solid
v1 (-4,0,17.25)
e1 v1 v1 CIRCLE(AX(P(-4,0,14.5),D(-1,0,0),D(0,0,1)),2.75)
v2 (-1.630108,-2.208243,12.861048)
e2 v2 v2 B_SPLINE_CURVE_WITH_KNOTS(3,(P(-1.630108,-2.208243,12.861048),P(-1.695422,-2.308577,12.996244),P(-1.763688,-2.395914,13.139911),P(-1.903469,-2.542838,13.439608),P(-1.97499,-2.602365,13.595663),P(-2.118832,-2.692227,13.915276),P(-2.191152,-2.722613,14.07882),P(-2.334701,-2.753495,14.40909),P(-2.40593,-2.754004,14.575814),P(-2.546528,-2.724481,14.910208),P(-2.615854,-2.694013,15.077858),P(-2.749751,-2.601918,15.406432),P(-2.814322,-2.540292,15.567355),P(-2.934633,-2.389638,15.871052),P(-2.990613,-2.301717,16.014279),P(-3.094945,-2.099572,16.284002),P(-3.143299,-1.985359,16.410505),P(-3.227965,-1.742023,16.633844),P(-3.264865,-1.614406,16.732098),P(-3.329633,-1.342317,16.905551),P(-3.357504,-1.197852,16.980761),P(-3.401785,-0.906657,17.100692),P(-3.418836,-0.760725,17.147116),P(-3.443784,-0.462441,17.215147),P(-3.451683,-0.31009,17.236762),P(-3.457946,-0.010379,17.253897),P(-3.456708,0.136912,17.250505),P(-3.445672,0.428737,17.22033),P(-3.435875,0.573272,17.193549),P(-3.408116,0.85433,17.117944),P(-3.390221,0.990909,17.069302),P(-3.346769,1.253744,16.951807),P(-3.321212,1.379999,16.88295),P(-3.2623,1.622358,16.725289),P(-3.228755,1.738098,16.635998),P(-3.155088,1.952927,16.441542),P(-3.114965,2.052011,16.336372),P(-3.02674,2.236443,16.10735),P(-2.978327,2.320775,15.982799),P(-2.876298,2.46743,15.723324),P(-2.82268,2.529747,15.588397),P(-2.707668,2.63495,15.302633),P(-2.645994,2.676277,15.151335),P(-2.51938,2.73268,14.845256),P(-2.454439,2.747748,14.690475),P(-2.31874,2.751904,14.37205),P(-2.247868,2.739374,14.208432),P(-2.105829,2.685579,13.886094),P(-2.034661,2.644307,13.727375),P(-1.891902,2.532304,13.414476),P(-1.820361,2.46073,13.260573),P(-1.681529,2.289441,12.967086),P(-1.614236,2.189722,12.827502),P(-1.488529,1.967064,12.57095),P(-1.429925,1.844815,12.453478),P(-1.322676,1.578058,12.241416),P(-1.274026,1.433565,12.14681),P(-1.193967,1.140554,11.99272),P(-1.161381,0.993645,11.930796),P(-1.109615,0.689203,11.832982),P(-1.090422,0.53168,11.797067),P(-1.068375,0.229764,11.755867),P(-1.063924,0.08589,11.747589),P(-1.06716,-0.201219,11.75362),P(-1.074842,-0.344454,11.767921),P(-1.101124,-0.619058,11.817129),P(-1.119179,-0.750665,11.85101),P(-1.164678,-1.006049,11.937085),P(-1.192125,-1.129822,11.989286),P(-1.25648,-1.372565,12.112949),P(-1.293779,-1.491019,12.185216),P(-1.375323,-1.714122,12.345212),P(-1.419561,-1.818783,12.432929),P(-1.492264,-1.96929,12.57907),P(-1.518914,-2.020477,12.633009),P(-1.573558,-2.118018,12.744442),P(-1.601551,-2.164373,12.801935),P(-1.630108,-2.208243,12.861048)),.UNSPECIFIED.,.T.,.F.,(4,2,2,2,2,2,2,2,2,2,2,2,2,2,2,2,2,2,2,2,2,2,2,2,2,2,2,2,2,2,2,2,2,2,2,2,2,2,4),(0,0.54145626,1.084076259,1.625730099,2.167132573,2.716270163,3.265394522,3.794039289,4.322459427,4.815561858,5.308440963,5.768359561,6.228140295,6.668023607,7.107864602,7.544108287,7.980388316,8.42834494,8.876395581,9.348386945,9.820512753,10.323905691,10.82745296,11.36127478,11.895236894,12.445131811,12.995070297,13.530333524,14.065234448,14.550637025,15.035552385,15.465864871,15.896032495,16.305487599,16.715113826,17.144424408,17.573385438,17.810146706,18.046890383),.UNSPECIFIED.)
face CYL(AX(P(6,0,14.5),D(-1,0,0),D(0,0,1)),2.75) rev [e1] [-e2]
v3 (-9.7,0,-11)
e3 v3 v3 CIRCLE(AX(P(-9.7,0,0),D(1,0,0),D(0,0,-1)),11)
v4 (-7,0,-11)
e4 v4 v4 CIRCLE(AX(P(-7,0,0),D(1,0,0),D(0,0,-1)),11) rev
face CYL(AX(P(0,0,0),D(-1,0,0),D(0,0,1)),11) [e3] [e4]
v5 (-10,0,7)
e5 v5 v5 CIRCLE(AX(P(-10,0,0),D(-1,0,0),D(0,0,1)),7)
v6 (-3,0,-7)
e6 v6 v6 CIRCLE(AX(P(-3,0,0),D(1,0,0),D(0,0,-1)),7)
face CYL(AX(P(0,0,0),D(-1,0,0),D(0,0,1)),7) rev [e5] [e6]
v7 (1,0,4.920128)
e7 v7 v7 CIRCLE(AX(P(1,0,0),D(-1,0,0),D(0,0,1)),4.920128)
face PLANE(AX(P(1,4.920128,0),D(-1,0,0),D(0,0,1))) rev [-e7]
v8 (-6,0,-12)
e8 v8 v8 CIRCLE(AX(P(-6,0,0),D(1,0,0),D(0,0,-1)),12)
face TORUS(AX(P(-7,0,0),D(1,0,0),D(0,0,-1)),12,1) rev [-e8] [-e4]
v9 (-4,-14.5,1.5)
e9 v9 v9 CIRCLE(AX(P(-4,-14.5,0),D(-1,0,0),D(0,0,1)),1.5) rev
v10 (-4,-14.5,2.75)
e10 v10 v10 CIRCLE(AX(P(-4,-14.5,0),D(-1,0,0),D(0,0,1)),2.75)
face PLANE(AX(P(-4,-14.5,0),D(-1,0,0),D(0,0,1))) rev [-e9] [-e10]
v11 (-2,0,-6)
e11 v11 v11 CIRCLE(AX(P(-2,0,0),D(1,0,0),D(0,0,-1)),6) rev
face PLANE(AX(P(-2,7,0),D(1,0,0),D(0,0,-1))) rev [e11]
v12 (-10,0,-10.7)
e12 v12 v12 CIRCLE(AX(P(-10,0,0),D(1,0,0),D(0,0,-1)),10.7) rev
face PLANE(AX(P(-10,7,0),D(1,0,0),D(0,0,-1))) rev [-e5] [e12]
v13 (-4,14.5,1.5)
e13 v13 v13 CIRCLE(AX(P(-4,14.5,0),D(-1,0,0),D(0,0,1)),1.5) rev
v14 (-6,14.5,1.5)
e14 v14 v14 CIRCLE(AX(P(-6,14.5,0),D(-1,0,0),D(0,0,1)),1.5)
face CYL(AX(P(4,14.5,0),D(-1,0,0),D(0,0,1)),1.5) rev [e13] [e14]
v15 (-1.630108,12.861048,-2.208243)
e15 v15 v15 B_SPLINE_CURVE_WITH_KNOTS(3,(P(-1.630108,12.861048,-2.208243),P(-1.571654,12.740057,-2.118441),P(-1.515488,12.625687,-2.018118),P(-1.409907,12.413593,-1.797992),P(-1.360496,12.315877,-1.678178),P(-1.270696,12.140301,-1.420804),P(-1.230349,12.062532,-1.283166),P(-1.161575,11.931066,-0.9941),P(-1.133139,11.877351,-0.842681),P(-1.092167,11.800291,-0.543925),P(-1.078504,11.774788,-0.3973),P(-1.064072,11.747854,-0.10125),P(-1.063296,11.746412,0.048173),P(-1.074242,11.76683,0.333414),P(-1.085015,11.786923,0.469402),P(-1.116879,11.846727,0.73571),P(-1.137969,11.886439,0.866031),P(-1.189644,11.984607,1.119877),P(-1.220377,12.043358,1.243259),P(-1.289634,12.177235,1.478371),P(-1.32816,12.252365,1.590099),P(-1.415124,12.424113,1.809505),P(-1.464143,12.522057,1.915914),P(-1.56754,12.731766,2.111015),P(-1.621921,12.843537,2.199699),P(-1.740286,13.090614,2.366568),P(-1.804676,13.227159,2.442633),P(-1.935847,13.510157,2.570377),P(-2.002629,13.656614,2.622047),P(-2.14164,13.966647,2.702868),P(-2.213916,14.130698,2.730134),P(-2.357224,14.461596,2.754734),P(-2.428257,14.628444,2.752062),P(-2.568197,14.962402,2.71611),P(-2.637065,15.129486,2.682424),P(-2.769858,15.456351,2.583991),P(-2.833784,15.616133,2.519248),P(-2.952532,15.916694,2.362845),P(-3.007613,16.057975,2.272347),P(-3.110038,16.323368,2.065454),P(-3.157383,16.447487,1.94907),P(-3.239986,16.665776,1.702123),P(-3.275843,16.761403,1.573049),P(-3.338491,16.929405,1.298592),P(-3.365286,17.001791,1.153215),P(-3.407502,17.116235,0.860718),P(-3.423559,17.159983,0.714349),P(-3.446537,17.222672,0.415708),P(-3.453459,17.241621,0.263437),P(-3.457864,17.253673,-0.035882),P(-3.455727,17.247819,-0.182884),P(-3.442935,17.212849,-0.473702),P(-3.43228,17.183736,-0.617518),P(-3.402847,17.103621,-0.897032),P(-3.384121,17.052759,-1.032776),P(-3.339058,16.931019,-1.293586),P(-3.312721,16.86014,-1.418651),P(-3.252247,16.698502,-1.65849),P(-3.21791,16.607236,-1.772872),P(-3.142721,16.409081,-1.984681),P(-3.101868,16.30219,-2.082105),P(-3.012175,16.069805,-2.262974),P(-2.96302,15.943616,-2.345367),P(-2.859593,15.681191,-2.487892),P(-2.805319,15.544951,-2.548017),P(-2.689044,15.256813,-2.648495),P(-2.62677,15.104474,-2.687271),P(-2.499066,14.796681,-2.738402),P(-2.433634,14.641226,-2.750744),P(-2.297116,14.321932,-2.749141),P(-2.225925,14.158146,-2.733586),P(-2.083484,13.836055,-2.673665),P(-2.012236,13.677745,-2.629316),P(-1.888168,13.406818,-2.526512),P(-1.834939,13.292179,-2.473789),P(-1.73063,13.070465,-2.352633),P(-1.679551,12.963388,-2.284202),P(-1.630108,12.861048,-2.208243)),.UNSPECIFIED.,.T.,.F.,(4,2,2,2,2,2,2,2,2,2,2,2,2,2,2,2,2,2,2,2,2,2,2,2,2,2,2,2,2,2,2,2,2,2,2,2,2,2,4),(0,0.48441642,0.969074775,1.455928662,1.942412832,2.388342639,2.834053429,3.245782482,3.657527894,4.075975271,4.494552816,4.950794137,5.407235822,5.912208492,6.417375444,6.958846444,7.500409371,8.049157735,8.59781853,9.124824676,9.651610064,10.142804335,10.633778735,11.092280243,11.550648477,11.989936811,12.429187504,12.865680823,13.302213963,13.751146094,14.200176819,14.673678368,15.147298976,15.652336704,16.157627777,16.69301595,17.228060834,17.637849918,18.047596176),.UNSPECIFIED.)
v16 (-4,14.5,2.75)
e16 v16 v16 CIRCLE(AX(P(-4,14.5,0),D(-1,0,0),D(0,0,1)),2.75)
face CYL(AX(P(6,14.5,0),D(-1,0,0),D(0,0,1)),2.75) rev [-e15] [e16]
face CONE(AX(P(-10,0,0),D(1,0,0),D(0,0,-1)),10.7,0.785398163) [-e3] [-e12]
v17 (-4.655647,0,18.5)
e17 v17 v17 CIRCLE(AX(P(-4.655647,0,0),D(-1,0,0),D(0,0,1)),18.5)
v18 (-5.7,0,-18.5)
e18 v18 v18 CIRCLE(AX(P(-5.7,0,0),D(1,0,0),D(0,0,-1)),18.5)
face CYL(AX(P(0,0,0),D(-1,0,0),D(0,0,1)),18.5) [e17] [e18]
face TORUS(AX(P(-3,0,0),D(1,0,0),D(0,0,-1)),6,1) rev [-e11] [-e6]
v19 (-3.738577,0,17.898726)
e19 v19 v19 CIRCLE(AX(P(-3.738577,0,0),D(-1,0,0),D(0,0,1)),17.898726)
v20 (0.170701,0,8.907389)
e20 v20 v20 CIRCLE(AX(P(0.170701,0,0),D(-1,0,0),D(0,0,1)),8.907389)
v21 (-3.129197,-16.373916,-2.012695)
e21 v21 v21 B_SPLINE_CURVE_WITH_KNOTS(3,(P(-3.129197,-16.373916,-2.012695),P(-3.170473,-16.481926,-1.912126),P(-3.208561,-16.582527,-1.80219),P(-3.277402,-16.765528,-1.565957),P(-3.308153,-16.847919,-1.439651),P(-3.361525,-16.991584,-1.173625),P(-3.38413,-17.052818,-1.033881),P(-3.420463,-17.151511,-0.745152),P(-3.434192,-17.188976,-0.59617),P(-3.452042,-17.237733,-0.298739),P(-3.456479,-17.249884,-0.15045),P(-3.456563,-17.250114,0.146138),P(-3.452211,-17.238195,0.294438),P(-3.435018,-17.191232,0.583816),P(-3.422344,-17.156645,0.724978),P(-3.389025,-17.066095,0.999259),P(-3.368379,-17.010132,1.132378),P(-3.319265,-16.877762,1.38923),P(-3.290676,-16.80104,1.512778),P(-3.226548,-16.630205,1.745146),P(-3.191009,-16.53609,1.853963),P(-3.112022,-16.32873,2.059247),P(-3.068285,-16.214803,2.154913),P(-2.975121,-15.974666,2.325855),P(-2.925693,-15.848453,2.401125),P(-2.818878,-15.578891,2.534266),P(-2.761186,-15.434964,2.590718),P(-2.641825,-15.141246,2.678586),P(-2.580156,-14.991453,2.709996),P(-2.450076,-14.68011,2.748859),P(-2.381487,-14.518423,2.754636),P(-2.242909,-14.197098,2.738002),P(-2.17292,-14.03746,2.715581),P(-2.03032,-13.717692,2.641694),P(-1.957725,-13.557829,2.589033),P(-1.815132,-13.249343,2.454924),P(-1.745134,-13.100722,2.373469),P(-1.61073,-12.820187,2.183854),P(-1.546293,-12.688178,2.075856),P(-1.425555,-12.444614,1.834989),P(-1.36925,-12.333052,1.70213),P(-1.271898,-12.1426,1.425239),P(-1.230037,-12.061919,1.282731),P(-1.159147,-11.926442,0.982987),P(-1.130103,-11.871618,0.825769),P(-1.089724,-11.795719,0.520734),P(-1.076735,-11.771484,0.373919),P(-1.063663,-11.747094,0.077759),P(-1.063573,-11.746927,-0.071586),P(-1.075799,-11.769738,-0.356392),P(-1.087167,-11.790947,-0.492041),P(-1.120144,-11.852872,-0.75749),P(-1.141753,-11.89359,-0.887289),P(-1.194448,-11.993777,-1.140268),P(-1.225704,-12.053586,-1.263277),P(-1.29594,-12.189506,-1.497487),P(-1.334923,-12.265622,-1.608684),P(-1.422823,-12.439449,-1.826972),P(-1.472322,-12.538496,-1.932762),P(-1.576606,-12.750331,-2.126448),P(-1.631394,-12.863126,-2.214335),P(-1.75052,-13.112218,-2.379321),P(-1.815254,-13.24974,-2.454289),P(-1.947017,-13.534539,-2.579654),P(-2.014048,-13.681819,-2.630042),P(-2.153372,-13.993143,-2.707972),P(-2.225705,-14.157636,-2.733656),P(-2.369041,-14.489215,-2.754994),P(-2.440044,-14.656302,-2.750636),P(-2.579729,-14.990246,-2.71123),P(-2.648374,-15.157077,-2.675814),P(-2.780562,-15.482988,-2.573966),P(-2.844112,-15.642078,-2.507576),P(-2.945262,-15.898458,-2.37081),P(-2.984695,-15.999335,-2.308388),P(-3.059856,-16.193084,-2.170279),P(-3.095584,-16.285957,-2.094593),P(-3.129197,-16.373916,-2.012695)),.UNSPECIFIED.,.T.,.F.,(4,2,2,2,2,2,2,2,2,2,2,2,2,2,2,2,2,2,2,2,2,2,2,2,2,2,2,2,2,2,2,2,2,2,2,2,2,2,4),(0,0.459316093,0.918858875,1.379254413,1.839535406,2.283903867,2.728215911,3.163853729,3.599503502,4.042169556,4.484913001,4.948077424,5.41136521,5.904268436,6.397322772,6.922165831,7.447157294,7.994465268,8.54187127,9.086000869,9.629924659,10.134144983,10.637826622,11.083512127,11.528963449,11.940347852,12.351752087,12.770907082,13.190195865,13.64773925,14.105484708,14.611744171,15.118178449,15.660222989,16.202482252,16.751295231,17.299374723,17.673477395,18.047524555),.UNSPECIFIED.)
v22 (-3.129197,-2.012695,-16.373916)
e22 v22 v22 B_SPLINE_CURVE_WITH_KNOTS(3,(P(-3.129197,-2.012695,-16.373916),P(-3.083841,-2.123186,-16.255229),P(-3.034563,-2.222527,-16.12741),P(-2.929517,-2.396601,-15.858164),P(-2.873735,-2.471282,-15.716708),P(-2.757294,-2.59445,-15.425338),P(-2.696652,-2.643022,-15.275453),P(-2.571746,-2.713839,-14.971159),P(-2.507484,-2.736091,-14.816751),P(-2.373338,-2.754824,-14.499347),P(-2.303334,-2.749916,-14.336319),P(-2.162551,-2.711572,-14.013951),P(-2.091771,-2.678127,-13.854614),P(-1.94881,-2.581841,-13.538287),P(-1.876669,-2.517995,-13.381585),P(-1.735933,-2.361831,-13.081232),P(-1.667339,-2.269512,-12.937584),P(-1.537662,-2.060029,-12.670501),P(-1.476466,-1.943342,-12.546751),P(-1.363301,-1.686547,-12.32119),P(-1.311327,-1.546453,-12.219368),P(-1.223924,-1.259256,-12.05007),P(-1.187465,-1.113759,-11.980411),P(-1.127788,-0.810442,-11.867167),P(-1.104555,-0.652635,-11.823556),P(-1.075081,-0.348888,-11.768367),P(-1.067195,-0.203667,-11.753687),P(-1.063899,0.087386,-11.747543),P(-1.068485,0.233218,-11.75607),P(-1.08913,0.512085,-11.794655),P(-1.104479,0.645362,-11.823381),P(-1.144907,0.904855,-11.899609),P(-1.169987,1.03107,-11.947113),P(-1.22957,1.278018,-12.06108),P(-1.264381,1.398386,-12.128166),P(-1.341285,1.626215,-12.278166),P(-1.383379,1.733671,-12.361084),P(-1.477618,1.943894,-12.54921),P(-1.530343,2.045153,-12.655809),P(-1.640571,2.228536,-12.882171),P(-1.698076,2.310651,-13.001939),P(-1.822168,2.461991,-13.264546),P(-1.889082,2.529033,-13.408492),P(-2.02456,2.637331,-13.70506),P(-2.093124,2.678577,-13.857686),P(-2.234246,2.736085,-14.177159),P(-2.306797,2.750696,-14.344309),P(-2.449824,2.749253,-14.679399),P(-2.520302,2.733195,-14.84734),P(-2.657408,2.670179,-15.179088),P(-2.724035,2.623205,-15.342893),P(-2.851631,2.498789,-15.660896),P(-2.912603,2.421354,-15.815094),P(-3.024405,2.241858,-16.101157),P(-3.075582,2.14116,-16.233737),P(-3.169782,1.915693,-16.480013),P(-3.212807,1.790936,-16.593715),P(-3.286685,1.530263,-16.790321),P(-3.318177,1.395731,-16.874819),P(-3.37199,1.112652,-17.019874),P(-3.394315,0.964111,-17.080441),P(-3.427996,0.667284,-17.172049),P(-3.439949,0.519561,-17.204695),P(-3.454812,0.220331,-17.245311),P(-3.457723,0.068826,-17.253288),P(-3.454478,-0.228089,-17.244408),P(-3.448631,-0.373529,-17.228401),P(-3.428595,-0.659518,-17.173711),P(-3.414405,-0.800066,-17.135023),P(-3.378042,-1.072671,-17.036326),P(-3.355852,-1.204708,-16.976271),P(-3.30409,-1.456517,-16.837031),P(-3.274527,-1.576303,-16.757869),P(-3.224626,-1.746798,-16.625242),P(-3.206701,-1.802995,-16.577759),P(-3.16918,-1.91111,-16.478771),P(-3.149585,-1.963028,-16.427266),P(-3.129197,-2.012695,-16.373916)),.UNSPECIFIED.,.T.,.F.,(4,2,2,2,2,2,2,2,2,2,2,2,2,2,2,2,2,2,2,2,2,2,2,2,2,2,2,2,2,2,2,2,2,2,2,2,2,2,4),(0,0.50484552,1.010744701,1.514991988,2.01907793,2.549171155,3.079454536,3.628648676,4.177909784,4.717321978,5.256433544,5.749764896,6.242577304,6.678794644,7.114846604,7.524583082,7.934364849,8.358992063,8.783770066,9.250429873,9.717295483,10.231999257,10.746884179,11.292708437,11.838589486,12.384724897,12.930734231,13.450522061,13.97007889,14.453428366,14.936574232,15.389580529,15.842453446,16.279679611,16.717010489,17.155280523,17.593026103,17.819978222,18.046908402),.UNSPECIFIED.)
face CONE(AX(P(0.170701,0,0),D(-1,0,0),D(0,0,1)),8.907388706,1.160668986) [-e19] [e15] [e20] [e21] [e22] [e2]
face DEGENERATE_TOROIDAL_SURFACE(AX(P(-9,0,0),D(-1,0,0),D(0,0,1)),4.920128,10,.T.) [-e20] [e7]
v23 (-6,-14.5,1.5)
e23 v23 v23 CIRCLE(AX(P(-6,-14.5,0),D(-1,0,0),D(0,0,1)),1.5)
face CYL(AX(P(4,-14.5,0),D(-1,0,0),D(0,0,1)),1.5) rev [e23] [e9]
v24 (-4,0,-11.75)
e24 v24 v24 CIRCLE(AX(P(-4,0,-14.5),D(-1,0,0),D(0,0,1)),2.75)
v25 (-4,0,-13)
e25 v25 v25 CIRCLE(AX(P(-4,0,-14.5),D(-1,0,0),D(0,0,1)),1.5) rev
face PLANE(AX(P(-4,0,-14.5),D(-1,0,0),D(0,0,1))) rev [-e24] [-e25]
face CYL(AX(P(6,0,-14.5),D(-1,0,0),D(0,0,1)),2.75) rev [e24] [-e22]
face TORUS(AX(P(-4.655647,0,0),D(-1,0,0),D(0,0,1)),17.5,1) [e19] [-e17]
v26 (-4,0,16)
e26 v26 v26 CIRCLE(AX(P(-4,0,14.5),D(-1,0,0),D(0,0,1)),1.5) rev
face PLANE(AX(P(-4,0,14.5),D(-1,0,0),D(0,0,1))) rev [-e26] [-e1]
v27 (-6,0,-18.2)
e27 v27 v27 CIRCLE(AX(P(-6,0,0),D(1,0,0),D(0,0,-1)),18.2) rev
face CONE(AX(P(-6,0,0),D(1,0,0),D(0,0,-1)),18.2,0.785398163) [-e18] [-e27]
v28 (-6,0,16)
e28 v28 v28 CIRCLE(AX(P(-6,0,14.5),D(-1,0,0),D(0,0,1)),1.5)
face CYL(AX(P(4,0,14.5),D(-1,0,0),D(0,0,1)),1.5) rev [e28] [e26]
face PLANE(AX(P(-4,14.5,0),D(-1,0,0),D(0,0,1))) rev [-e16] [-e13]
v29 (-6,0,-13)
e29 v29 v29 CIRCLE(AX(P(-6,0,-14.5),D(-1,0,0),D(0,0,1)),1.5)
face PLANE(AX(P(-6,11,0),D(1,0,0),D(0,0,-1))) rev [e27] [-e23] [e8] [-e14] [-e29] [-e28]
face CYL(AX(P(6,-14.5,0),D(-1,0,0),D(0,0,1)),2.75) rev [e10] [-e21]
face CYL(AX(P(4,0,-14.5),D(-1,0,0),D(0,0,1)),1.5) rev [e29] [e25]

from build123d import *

# Parameters (mm, degrees)
FILLET2_R          = 1
CHAMFER1_SIZE      = 0.3
SKETCH2_R          = 1.5
CUT_EXTRUDE1_DEPTH = 10
SKETCH3_R          = 2.75
CUT_EXTRUDE2_DEPTH = 10


with BuildPart() as part:
    # Sketch1 → Revolve1 (revolve)
    with BuildSketch(Plane.XY, mode=Mode.PRIVATE) as revolve1_sk:
        with BuildLine():
            Line((-10, 7), (-10, 11))
            Line((-10, 11), (-6, 11))
            Line((-6, 11), (-6, 18.5))
            Line((-6, 18.5), (-4.655646626, 18.5))
            ThreePointArc((-4.655646626, 18.5), (-4.107342929, 18.336279293), (-3.73857657, 17.898726111))
            Line((-3.73857657, 17.898726111), (0.170700563, 8.907388706))
            ThreePointArc((0.170700563, 8.907388706), (0.790480214, 6.956422558), (1, 4.920127592))
            Line((1, 4.920127592), (1, 0))
            Line((1, 0), (-2, 0))
            Line((-2, 0), (-2, 7))
            Line((-2, 7), (-10, 7))
        make_face()
    revolve(revolve1_sk.sketch.rotate(Axis((0, 0, 0), (1, 0, 0)), 90), axis=Axis((0, 0, 0), (1, 0, 0)))

    # Fillet2
    fillet2_edges = [part.edges().sort_by_distance(p)[0] for p in [
        (-6, 0, -11),
        (-2, 0, -7),
    ]]
    fillet(fillet2_edges, radius=FILLET2_R)

    # Chamfer1
    chamfer1_edges = [part.edges().sort_by_distance(p)[0] for p in [
        (-6, 0, -18.5),
        (-10, 0, -11),
    ]]
    chamfer(chamfer1_edges, length=CHAMFER1_SIZE)

    # Sketch2 → Cut-Extrude1 (cut)
    with BuildSketch(Plane.ZY.offset(6)):
        with Locations((0, 14.5)):
            Circle(SKETCH2_R)
        with Locations((14.5, 0)):
            Circle(SKETCH2_R)
        with Locations((0, -14.5)):
            Circle(SKETCH2_R)
        with Locations((-14.5, 0)):
            Circle(SKETCH2_R)
    extrude(amount=-CUT_EXTRUDE1_DEPTH, mode=Mode.SUBTRACT)

    # Sketch3 → Cut-Extrude2 (cut)
    with BuildSketch(Plane.ZY.offset(4)):
        with Locations((0, 14.5)):
            Circle(SKETCH3_R)
        with Locations((14.5, 0)):
            Circle(SKETCH3_R)
        with Locations((0, -14.5)):
            Circle(SKETCH3_R)
        with Locations((-14.5, 0)):
            Circle(SKETCH3_R)
    extrude(amount=-CUT_EXTRUDE2_DEPTH, mode=Mode.SUBTRACT)


solid = part.part
